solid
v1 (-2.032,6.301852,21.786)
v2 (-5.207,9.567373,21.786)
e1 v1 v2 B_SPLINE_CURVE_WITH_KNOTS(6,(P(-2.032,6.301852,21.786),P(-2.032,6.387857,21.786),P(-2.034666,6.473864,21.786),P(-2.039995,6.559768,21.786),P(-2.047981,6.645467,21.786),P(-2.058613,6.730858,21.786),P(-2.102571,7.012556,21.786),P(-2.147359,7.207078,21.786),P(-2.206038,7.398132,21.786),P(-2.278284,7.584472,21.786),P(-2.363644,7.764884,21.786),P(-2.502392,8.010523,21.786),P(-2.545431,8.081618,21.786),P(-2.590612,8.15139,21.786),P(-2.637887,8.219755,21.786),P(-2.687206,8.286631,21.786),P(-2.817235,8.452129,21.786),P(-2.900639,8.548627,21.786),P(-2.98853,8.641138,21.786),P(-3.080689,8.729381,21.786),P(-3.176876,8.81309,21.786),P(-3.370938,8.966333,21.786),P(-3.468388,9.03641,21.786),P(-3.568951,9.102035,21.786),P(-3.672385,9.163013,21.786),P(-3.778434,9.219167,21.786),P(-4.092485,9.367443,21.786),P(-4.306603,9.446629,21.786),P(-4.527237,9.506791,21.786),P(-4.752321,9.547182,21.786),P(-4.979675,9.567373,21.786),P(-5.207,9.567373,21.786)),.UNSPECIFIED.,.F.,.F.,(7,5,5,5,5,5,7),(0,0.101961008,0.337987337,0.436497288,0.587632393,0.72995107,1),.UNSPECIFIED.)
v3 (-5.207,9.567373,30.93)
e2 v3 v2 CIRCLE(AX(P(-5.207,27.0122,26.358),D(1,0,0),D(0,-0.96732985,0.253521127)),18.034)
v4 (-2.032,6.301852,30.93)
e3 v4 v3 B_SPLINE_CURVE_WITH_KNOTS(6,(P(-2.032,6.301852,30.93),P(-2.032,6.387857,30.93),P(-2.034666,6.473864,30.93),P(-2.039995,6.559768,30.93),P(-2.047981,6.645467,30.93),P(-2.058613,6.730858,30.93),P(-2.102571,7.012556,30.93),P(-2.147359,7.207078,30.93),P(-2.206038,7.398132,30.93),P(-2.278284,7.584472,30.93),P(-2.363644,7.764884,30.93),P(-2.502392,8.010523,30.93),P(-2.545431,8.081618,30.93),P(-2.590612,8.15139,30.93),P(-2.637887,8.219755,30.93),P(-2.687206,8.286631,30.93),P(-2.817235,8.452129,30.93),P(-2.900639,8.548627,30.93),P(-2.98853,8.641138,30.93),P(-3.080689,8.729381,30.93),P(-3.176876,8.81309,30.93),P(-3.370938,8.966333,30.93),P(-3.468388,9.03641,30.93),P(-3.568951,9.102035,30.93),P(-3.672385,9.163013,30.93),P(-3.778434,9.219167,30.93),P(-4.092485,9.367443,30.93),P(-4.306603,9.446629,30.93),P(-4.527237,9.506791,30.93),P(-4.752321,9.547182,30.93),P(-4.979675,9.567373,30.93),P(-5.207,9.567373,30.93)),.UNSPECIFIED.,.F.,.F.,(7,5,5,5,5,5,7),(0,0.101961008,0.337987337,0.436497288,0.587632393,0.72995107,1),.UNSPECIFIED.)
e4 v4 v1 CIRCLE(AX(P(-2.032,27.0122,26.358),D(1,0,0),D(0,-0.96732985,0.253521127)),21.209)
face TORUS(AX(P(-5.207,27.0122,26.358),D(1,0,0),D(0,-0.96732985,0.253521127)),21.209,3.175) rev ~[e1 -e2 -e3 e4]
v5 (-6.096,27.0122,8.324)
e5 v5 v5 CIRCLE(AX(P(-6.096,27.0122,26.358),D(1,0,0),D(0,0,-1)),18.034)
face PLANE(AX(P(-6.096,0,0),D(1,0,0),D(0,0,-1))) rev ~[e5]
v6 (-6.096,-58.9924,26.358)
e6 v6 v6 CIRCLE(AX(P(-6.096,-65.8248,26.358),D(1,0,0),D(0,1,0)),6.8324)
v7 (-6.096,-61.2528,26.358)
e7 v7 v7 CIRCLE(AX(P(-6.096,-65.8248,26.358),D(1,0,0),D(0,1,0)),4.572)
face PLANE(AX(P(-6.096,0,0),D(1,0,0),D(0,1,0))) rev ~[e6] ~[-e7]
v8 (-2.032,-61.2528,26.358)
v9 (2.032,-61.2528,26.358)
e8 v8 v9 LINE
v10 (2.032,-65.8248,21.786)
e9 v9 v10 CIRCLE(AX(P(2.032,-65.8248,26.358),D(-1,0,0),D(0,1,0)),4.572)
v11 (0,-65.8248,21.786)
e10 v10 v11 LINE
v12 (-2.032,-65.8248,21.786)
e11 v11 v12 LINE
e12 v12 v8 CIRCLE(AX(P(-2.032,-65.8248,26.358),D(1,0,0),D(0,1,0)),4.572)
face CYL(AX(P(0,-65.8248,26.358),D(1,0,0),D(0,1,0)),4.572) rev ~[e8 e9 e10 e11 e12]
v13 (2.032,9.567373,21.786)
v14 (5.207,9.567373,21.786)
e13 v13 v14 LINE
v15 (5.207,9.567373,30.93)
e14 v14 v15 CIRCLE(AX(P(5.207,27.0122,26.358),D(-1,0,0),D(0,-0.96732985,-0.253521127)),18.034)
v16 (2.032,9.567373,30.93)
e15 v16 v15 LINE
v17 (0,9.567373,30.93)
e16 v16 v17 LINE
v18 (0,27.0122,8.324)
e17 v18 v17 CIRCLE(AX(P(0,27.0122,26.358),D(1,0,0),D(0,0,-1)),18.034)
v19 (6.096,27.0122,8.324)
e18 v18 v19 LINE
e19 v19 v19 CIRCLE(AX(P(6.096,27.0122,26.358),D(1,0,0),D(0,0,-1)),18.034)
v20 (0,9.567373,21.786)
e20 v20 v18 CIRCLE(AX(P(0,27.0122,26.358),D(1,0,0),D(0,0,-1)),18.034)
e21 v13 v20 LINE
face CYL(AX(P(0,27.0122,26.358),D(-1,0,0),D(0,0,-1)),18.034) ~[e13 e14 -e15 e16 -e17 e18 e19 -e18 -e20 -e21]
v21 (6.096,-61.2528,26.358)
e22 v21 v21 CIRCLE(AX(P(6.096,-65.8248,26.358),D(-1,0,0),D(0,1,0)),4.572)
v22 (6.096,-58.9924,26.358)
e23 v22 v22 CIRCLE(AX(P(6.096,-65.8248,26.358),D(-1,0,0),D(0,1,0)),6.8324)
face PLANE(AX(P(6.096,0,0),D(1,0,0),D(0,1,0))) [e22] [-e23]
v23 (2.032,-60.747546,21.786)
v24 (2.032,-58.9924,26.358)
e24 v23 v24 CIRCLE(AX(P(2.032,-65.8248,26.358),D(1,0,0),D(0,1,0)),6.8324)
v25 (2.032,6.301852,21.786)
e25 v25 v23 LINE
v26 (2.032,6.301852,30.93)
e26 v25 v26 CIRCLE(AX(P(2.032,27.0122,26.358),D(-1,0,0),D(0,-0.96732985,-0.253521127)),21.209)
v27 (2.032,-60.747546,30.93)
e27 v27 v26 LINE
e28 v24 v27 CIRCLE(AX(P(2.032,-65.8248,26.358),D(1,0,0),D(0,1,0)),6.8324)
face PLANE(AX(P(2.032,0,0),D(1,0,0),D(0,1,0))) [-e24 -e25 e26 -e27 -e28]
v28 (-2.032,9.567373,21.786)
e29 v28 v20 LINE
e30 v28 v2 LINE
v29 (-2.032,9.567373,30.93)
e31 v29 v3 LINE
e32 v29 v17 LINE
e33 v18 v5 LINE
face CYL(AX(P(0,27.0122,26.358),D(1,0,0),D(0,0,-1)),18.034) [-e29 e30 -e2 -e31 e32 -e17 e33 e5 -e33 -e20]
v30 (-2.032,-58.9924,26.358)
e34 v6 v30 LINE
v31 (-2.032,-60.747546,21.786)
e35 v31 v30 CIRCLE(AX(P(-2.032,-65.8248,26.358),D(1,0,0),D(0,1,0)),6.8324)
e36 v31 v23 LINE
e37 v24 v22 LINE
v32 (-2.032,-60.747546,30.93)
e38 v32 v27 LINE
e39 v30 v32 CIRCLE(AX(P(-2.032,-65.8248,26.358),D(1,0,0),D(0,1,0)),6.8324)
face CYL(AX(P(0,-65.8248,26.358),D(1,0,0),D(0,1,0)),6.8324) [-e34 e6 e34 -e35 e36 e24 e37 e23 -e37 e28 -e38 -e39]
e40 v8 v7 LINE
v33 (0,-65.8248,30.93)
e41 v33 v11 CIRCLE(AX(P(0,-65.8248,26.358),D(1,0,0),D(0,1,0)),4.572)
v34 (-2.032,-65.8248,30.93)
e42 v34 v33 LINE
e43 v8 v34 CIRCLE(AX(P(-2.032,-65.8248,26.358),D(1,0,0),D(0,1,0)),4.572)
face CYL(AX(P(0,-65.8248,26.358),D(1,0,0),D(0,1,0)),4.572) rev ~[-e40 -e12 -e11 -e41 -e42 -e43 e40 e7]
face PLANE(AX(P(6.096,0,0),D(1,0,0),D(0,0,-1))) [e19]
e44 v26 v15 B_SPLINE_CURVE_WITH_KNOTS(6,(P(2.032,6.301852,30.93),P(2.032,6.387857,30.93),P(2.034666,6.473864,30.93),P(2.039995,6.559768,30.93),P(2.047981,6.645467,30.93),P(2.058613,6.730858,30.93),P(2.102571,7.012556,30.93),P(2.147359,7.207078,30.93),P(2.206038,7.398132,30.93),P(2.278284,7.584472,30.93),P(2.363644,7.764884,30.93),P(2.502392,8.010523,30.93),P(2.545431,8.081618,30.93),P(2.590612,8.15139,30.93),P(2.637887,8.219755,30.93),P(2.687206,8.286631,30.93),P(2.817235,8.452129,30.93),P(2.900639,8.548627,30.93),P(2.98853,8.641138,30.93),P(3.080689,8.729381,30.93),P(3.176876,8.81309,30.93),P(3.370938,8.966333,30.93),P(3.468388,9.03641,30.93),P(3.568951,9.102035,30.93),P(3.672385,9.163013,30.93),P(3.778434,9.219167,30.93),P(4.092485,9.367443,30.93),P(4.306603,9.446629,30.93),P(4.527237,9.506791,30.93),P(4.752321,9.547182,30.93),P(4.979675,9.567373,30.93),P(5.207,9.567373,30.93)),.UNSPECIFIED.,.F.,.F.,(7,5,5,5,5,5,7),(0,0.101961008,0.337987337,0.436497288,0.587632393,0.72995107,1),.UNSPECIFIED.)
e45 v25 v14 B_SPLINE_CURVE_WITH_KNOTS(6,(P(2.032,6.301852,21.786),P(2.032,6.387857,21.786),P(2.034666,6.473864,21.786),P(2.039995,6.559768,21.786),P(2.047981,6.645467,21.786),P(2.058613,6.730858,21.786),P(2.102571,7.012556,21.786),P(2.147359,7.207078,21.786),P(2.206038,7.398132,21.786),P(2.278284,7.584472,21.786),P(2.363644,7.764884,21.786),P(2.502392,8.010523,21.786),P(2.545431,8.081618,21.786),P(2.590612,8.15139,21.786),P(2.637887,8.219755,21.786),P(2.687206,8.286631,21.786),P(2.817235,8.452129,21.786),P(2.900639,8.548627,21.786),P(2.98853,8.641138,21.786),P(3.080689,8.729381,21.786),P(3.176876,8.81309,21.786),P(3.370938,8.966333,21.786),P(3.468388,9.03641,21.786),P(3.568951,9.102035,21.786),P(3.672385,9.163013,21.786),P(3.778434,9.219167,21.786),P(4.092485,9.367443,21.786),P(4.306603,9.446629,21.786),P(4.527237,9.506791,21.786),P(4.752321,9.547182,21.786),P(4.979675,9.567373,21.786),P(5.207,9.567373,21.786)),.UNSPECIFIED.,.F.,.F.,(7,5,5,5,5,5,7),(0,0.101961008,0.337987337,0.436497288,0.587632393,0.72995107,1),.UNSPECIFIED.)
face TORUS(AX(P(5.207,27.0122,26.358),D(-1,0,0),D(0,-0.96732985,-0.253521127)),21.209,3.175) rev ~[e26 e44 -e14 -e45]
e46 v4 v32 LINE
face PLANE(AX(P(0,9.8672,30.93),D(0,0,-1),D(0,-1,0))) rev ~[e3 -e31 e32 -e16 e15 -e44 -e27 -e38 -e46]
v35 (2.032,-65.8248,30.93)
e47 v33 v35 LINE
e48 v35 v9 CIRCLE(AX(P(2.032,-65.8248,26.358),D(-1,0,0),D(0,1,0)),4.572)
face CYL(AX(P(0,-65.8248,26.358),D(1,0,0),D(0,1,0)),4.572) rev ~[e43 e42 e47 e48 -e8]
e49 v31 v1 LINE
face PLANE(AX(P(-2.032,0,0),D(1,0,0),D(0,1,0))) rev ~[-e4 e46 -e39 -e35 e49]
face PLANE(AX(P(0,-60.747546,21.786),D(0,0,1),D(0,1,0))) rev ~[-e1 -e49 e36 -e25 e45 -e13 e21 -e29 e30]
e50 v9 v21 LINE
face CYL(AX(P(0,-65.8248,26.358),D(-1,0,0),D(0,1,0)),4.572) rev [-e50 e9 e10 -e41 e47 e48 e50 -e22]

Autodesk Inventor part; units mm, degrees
ref_plane "YZ Plane" through (0, 0, 0) normal (1, 0, 0) x (0, 1, 0)
ref_plane "XZ Plane" through (0, 0, 0) normal (0, 1, 0) x (-1, 0, 0)
sketch "Sketch1" plane through (0, 0, 0) normal (1, 0, 0) x (0, 1, 0)
  line L0 (9.8672, 30.93) -> (-65.8248, 30.93)
  line L1 (-65.8248, 30.93) -> (-65.8248, 21.786)
  line L2 (-65.8248, 21.786) -> (9.8672, 21.786)
  line L3 (9.8672, 21.786) -> (9.8672, 30.93)
  circle A0 centre (-65.8248, 26.358) radius 4.572
  circle A1 centre (-65.8248, 26.358) radius 6.8324
  point P0 (0, 0)
  dimension "d0" = 75.692
  dimension "d1" = 9.144
extrude "Extrusion3" add sketch "Sketch1" along normal mid plane 4.064 contours L3 L2 A1 L0 | A1 L2 A0 L0 | A0 L1 picked at (-59.8517, 25.4679) picked at (-64.4517, 25.6968)
extrude "Extrusion4" add sketch "Sketch1" along normal mid plane 12.192 contours A1 L2 A0 L0 | L0 A0 L2 A1
extrude "Extrusion5" cut sketch "Sketch1" along normal mid plane 12.192 contours A0 L1 | L1 A0
ref_plane "Work Plane1" through (0, 0, 0) normal (1, 0, 0) x (0, 0, -1)
sketch "Sketch2" plane through (0, 0, 0) normal (1, 0, 0) x (0, 0, -1)
  line L0 (-30.93, 9.8672) -> (-21.786, 9.8672) projected
  line L1 (-26.358, 9.8672) -> (-26.358, 27.0122)
  circle A0 centre (-26.358, 27.0122) radius 18.034
  point P0 (0, 0)
  dimension "d12" = 17.145
  dimension "d13" = 36.068
extrude "Extrusion6" add sketch "Sketch2" along normal mid plane 12.192
fillet "Fillet1" radius 3.175 2 edges at (2.032, 8.9782, 26.358) (-2.032, 8.9782, 26.358)
properties part number "pendulum"
